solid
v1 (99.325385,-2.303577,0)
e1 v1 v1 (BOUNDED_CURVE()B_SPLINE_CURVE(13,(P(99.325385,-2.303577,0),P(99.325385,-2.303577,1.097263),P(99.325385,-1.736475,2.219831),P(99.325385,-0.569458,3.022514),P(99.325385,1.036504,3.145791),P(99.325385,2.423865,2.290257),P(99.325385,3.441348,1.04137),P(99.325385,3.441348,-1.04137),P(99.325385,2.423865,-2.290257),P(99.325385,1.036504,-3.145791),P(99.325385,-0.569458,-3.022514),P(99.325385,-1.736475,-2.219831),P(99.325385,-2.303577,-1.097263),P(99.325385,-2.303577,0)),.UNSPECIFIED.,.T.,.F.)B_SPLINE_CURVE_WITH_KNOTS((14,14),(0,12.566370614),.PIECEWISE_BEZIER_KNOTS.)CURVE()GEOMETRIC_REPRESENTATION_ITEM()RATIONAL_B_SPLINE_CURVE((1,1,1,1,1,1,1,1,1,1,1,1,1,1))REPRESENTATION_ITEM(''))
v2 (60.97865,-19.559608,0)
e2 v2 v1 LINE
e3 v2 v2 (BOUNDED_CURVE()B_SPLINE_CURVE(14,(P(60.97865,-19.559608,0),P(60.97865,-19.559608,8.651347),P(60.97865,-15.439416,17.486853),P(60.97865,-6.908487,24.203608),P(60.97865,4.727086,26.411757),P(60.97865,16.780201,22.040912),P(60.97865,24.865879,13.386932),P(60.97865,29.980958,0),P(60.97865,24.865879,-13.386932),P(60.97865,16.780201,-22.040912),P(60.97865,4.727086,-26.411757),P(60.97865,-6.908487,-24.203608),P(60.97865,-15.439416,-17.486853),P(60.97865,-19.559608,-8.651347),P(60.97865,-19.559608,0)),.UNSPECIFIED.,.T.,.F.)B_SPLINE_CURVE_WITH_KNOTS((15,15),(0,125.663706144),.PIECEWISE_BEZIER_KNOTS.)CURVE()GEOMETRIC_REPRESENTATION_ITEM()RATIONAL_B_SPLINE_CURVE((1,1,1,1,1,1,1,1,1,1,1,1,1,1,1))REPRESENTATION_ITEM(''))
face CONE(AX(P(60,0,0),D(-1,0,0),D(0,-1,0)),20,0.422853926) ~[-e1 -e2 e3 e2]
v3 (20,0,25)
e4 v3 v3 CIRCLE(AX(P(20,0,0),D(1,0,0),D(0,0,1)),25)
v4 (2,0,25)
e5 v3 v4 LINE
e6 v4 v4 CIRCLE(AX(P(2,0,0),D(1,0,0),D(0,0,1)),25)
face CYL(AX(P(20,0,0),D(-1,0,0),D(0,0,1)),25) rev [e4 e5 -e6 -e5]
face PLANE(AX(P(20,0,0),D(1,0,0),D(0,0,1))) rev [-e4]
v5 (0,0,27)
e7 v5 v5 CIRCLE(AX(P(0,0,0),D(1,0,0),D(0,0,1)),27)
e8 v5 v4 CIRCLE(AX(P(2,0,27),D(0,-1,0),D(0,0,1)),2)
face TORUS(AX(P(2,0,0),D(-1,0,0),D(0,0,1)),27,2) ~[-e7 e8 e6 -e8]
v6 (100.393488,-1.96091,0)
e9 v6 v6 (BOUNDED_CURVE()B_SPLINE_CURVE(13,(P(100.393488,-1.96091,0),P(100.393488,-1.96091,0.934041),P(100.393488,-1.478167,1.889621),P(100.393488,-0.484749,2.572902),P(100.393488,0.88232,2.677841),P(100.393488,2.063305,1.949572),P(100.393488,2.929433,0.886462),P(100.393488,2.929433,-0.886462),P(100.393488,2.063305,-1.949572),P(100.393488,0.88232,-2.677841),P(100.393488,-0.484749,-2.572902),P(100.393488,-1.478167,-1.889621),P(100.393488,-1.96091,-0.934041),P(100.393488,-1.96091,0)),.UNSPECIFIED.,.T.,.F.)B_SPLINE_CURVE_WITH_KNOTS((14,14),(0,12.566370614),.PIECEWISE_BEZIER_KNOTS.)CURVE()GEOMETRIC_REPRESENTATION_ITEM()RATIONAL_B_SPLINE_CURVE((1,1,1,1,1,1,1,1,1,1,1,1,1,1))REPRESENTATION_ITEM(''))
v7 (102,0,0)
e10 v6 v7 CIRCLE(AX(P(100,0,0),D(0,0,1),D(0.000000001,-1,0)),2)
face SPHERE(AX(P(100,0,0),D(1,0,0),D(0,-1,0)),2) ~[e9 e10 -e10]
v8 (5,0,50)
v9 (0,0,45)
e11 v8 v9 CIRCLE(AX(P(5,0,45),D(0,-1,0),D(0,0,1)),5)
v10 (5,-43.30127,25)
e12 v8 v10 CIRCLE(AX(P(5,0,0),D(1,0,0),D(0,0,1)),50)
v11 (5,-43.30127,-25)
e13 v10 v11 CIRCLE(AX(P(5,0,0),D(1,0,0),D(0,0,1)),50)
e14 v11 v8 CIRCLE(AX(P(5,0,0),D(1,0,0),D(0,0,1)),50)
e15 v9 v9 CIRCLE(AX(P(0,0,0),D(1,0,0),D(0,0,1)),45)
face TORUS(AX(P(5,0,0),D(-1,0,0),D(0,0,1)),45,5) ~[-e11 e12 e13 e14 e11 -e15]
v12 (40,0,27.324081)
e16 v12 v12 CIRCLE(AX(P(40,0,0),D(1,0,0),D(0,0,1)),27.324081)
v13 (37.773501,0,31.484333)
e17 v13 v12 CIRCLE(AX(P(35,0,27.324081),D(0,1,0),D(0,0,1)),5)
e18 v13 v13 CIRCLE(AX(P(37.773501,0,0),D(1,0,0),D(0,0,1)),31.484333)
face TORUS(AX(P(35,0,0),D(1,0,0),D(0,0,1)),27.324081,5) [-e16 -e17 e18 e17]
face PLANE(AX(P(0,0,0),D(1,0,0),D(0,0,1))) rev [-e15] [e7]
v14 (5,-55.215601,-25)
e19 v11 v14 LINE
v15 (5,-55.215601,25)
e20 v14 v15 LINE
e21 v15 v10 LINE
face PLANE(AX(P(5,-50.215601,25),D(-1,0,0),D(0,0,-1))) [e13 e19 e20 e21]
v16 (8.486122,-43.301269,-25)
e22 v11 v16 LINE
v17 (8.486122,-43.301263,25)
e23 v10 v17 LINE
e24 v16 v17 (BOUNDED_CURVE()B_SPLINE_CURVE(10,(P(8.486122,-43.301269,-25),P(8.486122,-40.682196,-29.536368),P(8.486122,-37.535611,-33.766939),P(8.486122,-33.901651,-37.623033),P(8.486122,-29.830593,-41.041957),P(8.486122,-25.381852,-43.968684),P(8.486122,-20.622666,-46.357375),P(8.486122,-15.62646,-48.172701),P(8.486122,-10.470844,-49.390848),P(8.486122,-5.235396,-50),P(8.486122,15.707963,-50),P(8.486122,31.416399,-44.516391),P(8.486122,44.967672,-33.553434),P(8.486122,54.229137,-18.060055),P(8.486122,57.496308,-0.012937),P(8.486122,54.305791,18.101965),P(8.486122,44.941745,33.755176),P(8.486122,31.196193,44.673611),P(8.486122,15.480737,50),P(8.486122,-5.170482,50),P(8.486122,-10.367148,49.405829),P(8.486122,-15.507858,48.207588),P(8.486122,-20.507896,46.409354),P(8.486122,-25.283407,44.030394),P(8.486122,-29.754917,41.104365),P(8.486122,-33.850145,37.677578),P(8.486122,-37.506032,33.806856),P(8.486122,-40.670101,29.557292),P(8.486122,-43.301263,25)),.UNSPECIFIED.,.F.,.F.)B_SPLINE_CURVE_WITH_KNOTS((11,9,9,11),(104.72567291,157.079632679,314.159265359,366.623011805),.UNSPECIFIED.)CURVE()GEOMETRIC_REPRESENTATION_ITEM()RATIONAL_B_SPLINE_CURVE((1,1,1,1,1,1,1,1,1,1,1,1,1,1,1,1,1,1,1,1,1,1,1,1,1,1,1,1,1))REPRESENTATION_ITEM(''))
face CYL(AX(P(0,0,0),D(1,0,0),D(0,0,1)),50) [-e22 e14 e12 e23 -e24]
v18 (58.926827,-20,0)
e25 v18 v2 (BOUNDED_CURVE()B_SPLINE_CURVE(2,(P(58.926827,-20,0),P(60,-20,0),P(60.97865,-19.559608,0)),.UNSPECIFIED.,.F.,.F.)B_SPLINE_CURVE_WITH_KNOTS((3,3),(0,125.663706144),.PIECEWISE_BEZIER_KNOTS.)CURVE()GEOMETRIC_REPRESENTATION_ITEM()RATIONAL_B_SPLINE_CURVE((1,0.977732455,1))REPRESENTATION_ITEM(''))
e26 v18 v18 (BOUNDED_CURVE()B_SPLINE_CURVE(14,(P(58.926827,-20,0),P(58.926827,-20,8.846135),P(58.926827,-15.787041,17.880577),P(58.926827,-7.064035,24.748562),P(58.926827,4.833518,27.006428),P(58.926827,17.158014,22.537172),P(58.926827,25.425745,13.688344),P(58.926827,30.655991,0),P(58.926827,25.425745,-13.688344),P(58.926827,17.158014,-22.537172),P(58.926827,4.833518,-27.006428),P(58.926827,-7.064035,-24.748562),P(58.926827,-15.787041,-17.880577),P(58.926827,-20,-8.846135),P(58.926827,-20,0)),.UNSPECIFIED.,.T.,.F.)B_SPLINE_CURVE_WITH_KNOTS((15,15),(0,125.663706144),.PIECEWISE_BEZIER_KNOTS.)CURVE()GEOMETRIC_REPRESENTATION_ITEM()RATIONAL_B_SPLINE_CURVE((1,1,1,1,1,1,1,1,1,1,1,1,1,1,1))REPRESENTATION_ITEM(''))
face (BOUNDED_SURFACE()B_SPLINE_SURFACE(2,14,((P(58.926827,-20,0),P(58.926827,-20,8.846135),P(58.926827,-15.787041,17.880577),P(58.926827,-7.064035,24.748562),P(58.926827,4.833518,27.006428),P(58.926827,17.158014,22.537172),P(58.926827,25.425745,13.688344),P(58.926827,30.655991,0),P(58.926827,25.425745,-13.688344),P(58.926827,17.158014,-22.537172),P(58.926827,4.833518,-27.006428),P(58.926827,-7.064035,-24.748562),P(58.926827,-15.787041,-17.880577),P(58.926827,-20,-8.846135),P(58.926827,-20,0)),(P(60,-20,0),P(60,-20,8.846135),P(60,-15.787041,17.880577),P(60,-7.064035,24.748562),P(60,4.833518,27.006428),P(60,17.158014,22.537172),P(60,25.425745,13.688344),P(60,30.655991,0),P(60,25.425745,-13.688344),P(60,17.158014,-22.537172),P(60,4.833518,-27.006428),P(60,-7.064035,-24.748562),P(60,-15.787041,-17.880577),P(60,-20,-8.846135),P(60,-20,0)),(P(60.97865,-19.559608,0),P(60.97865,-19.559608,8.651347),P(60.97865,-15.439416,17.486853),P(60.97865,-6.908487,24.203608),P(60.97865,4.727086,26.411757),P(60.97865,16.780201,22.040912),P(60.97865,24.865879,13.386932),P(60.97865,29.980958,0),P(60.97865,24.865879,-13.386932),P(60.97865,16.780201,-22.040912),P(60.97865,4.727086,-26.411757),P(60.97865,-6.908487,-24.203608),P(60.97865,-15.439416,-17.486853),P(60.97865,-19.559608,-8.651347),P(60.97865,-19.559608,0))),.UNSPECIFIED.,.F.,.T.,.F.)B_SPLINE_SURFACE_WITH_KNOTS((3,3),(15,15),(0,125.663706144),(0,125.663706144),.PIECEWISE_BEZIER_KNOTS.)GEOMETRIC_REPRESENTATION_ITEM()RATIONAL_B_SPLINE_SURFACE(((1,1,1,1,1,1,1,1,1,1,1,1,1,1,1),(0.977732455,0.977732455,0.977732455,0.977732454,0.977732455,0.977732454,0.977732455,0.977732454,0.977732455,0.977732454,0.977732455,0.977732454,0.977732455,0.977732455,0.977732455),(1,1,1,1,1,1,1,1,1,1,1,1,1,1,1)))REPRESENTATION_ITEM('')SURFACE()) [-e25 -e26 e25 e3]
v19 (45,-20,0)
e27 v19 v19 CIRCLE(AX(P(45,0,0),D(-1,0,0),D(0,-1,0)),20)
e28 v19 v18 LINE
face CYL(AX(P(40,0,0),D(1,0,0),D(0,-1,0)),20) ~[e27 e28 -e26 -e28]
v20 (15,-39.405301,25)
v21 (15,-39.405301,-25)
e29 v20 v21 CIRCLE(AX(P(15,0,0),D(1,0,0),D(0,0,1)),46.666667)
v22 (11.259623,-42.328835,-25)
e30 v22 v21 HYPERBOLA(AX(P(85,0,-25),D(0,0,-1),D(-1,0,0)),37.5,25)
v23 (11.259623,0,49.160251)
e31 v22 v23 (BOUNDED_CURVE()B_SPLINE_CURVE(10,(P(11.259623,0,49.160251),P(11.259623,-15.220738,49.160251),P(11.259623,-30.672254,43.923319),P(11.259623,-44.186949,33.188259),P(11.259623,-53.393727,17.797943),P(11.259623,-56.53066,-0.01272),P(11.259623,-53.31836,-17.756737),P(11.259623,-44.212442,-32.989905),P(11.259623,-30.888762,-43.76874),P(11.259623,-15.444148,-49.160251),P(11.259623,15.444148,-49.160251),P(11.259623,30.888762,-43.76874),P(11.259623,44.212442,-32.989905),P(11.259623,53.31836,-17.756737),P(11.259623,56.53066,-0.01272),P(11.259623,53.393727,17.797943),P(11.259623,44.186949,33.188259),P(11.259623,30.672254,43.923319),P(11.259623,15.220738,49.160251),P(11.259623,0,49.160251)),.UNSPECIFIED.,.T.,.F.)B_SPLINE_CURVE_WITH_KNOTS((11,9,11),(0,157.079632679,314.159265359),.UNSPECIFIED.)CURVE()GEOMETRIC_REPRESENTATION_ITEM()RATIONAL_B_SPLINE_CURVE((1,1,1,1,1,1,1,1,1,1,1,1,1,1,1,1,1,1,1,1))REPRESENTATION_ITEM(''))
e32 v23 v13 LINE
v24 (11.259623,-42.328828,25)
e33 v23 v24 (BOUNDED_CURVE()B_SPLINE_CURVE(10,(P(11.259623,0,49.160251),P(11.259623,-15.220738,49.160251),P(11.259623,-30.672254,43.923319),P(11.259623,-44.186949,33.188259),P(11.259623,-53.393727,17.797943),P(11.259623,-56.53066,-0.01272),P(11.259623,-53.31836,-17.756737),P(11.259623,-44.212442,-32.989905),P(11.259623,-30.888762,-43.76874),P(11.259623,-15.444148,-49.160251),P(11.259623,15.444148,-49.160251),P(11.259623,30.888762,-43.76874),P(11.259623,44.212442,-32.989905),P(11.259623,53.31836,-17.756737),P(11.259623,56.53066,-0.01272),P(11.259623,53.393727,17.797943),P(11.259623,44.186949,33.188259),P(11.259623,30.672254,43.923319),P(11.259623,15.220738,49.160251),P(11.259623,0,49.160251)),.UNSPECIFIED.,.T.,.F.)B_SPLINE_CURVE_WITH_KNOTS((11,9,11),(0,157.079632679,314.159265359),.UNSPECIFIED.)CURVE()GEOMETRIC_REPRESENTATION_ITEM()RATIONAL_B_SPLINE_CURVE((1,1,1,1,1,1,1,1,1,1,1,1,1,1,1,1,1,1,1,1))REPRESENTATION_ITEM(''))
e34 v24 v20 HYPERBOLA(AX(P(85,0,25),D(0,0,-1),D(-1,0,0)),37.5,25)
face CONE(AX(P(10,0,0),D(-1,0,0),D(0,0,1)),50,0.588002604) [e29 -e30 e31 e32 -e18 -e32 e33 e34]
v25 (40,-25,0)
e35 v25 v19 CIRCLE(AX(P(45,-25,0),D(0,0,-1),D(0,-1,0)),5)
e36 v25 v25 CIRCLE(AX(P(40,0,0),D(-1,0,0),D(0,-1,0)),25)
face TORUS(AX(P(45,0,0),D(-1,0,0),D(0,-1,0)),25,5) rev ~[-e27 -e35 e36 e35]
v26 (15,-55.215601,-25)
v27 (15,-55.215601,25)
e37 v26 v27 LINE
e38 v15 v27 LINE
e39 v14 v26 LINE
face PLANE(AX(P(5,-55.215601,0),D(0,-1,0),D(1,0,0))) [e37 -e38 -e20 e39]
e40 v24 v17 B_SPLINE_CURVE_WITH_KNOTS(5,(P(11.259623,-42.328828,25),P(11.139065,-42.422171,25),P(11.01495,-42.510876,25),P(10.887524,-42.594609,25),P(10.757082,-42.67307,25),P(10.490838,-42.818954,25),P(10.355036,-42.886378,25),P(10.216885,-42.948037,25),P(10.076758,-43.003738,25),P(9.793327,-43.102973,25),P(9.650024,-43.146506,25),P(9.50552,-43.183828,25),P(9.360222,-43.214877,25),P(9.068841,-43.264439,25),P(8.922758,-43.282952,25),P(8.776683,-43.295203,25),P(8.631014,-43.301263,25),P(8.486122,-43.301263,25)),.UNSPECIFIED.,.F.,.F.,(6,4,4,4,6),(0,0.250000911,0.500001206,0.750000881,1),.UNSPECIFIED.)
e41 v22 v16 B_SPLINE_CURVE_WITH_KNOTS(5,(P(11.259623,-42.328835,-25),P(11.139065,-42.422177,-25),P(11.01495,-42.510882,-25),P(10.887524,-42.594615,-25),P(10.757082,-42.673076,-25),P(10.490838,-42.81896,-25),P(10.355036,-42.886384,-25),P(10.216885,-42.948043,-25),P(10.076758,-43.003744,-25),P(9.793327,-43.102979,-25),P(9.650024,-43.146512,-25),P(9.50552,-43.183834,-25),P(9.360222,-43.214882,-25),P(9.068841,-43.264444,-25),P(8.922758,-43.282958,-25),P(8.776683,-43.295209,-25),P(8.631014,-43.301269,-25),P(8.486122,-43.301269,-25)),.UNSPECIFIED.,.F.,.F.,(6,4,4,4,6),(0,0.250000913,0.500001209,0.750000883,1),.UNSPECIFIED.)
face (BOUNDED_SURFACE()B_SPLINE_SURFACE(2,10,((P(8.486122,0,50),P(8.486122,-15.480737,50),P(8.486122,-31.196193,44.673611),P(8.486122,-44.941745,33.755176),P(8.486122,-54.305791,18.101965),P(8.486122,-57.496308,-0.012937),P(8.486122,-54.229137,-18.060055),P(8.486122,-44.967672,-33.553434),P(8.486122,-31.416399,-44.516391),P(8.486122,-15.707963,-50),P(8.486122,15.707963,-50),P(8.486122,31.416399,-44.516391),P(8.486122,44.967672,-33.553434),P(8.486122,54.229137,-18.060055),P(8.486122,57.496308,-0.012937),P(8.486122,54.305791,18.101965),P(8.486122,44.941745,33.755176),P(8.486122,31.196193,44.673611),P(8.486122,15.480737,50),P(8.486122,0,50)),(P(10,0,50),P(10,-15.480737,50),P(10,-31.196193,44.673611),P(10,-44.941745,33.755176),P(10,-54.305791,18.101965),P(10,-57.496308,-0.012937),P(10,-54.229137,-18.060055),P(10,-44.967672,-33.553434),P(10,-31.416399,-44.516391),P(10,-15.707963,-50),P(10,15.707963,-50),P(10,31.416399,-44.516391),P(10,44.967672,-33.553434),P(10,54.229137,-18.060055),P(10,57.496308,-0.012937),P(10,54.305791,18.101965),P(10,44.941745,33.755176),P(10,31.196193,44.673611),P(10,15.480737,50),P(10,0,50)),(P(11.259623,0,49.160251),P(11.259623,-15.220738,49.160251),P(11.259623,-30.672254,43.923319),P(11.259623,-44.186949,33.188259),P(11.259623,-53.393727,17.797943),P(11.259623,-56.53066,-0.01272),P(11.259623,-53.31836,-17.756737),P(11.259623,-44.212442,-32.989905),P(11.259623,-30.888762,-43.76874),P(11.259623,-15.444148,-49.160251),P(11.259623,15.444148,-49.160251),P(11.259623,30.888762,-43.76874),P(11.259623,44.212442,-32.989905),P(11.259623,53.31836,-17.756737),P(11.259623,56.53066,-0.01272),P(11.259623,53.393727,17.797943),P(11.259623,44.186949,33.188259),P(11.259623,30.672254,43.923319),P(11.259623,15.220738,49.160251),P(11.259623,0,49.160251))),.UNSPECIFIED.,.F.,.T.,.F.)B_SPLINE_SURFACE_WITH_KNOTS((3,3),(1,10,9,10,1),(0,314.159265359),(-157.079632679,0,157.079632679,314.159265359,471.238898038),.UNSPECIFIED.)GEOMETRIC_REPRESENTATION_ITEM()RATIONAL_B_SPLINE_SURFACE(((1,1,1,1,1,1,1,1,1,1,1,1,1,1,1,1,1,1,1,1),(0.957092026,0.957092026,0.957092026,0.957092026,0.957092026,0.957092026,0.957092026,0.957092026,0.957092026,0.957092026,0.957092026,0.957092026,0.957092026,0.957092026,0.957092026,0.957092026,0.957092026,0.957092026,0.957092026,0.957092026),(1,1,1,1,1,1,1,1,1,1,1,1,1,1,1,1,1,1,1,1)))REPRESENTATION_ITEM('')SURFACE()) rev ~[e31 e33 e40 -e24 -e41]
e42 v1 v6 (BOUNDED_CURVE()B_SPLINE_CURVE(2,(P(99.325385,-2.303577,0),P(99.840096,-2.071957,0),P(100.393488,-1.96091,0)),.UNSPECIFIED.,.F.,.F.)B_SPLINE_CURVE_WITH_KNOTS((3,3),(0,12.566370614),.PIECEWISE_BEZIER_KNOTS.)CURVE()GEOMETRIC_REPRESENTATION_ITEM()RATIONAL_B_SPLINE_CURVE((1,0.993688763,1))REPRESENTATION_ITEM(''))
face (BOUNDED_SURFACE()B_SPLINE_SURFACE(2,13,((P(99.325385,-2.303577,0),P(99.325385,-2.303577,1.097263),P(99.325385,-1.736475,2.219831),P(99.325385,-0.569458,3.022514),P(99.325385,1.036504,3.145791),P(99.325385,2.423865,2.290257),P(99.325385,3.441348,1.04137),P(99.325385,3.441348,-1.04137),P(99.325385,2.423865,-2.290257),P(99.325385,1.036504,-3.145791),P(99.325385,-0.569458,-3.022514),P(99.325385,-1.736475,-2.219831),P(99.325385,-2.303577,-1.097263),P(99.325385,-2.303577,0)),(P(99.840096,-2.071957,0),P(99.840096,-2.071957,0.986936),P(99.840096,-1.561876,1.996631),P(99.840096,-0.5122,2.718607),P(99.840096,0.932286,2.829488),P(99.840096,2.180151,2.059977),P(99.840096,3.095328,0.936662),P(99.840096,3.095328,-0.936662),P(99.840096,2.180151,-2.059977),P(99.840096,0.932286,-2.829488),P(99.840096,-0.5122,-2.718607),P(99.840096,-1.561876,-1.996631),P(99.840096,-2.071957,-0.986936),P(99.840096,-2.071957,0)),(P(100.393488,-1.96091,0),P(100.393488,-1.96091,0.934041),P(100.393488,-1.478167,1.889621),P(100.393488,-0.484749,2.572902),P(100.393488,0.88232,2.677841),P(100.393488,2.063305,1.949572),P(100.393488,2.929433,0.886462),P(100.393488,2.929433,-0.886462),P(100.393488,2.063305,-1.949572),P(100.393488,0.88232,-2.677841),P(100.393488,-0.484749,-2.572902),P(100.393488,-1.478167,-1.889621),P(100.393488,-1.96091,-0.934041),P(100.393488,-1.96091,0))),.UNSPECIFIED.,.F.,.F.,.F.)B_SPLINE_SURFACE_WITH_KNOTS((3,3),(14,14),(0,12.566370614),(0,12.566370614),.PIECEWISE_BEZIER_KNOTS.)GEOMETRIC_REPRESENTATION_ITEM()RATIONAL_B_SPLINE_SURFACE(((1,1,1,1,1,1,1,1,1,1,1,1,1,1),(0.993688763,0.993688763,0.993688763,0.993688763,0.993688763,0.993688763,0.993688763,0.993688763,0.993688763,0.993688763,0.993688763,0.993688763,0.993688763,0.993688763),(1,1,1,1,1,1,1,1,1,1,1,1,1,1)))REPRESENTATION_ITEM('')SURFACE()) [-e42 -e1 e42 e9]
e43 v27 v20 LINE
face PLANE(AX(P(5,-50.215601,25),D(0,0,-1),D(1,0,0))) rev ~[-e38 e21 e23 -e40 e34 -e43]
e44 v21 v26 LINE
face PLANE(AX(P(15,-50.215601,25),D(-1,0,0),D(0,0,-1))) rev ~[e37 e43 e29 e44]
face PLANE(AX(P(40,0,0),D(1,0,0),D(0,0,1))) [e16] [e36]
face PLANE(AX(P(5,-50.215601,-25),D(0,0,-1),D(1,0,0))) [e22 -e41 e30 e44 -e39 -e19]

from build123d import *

# Parameters (mm, degrees)
FILLET1_R           = 5
FILLET2_R           = 5
FILLET3_R           = 2
SKETCH3_W           = 10
SKETCH3_H           = 5
BOSS_EXTRUDE1_DEPTH = 25
BOSS_EXTRUDE2_REACH = 153.483
SKETCH4_W           = 10
SKETCH4_H           = 50


with BuildPart() as part:
    # Sketch1 → Revolve1 (revolve)
    with BuildSketch(Plane.XY, mode=Mode.PRIVATE) as revolve1_sk:
        Polygon((0, -50), (10, -50), (40, -30), (40, 0), (20, 0), (20, -25), (0, -25), align=None)
    revolve(revolve1_sk.sketch.rotate(Axis((-91.89476197, 0, 0), (1, 0, 0)), 270), axis=Axis((-91.89476197, 0, 0), (1, 0, 0)))

    # Sketch2 → Revolve3 (revolve)
    with BuildSketch(Plane.XY):
        with BuildLine():
            Line((40, -20), (60, -20))
            Line((60, -20), (100, -2))
            ThreePointArc((100, -2), (101.414213562, -1.414213562), (102, 0))
            Line((102, 0), (100, 0))
            Line((100, 0), (40, 0))
            Line((40, 0), (40, -20))
        make_face()
    revolve(axis=Axis((100, 0, 0), (-1, 0, 0)))

    # Fillet1
    fillet1_edges = [part.edges().sort_by_distance(p)[0] for p in [
        (40, 20, 0),
        (60, 20, 0),
        (40, 0, -30),
        (10, 0, -50),
        (0, 0, -50),
    ]]
    fillet(fillet1_edges, radius=FILLET1_R)

    # Fillet2
    fillet2_edges = [part.edges().sort_by_distance(p)[0] for p in [
        (100, 2, 0),
    ]]
    fillet(fillet2_edges, radius=FILLET2_R)

    # Fillet3
    fillet3_edges = [part.edges().sort_by_distance(p)[0] for p in [
        (0, 0, -25),
    ]]
    fillet(fillet3_edges, radius=FILLET3_R)

    # Sketch4 → Boss-Extrude2 (add, up to next)
    with BuildSketch(Plane(origin=(0, -50.215600765, 0), x_dir=(1, 0, 0), z_dir=(0, 1, 0)), mode=Mode.PRIVATE) as boss_extrude2_sk1:
        with Locations((10, 0)):
            Rectangle(SKETCH4_W, SKETCH4_H)
    boss_extrude2_tool1 = extrude(boss_extrude2_sk1.sketch, amount=BOSS_EXTRUDE2_REACH, mode=Mode.PRIVATE) - part.part


with BuildPart() as body_2:
    # Sketch3 → Boss-Extrude1 (new, symmetric)
    with BuildSketch(Plane.XY):
        with Locations((10, -52.715600765)):
            Rectangle(SKETCH3_W, SKETCH3_H)
    extrude(amount=BOSS_EXTRUDE1_DEPTH, both=True)


with BuildPart() as part_1:
    add(part.part)

    add(body_2.part)  # Boss-Extrude2 merges body 2
    add(boss_extrude2_tool1.solids().sort_by_distance((10, -50.215601, 0))[0])


solid = part_1.part
